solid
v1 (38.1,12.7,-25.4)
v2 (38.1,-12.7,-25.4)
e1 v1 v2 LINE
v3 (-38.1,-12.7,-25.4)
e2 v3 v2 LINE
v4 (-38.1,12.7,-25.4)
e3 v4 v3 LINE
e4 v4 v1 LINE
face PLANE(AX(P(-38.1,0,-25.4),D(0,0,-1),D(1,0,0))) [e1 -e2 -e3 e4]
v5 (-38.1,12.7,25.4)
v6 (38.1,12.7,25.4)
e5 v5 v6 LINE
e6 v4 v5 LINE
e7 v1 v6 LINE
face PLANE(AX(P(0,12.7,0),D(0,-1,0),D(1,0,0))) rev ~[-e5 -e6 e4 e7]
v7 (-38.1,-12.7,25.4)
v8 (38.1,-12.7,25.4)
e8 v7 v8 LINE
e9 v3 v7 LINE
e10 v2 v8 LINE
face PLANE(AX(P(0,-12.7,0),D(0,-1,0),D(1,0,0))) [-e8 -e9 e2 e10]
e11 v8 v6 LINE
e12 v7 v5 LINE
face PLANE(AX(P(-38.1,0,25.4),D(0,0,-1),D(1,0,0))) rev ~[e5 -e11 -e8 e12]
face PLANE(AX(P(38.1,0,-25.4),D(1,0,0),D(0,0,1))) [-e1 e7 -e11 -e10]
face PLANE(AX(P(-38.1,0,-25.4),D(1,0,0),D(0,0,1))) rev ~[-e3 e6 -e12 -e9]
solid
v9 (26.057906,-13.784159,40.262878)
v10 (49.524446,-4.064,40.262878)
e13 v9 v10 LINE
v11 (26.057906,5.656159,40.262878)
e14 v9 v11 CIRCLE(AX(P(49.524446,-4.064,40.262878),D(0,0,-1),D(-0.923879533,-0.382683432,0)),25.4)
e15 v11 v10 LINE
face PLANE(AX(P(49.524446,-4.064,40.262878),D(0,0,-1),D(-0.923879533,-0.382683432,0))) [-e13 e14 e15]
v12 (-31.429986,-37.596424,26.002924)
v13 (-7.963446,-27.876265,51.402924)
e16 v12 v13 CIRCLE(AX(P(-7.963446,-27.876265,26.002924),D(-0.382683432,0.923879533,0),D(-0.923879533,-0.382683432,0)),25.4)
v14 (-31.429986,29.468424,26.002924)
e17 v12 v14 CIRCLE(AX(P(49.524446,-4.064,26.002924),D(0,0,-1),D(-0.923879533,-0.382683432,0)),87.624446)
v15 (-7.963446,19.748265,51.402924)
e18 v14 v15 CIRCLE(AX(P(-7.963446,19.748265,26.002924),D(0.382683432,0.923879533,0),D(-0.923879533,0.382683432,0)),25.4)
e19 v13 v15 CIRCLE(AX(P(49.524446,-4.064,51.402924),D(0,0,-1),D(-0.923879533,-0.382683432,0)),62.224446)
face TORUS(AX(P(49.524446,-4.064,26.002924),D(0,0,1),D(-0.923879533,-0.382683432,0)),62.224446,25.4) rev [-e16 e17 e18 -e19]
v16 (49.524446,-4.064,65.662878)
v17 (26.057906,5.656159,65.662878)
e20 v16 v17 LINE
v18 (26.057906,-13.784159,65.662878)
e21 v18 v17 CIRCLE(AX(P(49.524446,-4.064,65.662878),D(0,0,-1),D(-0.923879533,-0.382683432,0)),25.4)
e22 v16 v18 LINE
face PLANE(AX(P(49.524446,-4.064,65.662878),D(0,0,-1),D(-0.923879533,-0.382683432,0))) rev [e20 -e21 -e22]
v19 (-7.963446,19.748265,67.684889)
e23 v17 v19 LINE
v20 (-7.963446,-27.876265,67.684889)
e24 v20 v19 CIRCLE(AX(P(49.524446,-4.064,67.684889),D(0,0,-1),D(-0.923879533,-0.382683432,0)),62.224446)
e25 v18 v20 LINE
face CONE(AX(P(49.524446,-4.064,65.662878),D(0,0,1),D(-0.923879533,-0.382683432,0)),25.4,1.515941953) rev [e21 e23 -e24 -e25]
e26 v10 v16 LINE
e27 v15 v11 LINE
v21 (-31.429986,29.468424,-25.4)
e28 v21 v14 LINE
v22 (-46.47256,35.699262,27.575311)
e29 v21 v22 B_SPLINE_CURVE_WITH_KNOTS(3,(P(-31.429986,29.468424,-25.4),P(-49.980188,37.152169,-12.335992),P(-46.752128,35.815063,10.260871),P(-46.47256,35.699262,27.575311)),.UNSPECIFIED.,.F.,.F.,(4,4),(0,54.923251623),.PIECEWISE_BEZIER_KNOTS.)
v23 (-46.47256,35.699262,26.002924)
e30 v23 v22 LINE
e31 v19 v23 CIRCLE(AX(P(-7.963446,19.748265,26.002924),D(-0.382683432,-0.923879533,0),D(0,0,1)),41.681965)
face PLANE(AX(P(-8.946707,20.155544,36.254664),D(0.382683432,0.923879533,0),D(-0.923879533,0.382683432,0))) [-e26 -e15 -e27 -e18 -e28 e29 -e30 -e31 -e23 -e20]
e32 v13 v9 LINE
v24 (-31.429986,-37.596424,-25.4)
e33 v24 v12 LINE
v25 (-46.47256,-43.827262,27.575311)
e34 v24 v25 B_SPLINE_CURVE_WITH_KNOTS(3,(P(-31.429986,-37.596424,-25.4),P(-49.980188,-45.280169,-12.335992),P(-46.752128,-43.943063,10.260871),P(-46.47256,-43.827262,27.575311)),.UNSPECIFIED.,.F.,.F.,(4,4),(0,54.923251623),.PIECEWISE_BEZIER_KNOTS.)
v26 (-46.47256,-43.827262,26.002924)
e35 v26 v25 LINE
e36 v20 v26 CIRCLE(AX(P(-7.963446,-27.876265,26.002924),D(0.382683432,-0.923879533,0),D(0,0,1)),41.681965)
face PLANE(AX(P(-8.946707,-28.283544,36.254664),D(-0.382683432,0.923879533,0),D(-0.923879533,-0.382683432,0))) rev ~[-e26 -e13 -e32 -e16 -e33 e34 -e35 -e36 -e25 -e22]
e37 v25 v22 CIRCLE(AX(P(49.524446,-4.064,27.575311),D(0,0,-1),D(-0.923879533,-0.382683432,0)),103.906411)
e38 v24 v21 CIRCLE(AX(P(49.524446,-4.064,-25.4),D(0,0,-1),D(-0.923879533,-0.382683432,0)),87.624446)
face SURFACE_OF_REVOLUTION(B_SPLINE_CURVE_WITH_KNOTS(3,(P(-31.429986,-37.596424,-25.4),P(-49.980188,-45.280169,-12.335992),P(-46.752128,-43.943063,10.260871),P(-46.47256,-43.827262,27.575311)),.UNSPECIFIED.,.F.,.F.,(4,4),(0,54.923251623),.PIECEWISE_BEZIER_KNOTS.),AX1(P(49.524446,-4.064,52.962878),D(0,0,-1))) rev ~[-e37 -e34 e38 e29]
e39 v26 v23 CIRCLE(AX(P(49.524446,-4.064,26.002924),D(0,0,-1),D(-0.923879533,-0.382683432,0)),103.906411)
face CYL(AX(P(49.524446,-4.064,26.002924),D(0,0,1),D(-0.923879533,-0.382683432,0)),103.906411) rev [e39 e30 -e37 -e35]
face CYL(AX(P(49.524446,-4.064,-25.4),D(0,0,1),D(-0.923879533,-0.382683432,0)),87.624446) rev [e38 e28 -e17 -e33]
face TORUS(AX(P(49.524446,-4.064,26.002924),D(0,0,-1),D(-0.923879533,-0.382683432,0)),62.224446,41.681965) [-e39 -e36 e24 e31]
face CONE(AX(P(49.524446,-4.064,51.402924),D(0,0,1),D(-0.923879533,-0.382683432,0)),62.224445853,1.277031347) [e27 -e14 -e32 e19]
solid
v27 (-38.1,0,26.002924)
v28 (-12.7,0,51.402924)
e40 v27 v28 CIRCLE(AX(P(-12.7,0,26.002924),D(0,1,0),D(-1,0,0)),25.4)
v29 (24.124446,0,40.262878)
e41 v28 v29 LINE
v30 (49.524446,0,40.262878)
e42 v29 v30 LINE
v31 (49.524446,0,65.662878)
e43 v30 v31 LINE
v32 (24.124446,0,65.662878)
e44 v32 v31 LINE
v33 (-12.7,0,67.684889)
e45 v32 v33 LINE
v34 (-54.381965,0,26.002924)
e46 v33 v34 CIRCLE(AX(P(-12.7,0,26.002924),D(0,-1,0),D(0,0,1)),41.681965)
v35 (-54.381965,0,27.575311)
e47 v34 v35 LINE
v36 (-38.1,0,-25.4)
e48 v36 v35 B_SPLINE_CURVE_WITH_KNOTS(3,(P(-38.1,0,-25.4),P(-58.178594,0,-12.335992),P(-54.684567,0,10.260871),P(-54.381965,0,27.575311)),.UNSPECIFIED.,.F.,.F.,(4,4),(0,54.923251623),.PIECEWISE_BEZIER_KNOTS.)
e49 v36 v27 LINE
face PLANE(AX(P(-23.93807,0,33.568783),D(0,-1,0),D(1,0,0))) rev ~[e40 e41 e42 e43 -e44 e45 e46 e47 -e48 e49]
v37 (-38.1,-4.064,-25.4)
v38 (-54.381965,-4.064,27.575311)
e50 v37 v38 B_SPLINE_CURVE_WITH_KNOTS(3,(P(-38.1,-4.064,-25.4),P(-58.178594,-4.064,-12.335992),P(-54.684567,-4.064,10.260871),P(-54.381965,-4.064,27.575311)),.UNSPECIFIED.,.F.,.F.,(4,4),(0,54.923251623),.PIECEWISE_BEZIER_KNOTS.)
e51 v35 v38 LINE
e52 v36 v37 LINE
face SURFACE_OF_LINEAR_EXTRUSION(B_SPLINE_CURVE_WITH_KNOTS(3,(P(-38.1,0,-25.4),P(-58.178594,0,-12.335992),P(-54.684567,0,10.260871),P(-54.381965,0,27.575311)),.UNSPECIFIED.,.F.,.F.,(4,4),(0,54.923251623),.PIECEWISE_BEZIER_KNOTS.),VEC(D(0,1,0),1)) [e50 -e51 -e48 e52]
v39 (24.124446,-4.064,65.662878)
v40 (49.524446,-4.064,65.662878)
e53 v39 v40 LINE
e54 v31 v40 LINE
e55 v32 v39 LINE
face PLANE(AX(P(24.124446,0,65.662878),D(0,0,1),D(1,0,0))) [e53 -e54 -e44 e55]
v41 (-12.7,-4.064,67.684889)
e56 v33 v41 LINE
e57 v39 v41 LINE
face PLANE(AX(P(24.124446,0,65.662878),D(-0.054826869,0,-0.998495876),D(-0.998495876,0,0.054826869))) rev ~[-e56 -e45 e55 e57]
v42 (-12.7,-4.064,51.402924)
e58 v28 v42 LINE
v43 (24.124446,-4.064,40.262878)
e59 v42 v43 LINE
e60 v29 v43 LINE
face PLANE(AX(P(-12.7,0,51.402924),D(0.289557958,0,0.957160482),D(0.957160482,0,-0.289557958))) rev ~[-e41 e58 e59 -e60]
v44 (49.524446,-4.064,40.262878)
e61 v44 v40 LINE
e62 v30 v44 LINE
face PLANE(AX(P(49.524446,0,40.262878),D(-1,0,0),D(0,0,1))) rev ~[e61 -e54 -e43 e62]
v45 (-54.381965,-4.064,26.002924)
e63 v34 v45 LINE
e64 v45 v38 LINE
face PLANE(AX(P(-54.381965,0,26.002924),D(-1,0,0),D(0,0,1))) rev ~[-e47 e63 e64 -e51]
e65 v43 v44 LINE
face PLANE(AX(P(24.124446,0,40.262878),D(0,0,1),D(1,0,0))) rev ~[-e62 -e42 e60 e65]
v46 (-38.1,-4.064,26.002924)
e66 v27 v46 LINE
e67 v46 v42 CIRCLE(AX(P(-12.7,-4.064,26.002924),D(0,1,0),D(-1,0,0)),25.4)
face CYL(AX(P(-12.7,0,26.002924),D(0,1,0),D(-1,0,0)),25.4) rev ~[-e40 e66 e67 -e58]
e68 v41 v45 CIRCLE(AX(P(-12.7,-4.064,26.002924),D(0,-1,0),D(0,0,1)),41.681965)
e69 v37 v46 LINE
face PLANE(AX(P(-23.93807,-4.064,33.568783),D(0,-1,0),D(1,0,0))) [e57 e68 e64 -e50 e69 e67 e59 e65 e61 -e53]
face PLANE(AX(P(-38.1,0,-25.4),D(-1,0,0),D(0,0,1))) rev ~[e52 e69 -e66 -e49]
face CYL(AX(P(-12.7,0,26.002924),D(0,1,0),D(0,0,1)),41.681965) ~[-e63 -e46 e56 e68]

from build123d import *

# Parameters (mm, degrees)
F0_W          = 76.2
F0_H          = 50.8
F1_DEPTH      = 12.7
F0_W_2        = 25.4
F0_H_2        = 25.4
F2_DEPTH      = 4.064
F3_ANGLE_BACK = 22.5
F3_ANGLE      = 45


with BuildPart() as f1:
    # F0 (on Front) → F1 (new body, symmetric)
    with BuildSketch(Plane.XZ):
        Rectangle(F0_W, F0_H)
    extrude(amount=F1_DEPTH, both=True)


with BuildPart() as f2:
    # F0 (on Front) → F2 (new body)
    with BuildSketch(Plane.XZ):
        with BuildLine():
            Line((-38.1, -25.4), (-38.1, 25.4))
            Line((-38.1, 25.4), (-38.1, 26.0029239686))
            ThreePointArc((-38.1, 26.0029239686), (-30.6605122421, 43.9634362108), (-12.7, 51.4029239686))
            Line((-12.7, 51.4029239686), (24.1244458531, 40.2628784252))
            Line((24.1244458531, 40.2628784252), (24.1244458531, 65.6628784252))
            Line((24.1244458531, 65.6628784252), (-12.7, 67.6848888397))
            ThreePointArc((-12.7, 67.6848888397), (-42.1736000135, 55.4765239822), (-54.3819648711, 26.0029239686))
            Line((-54.3819648711, 26.0029239686), (-54.3819648711, 27.5753105516))
            add(Edge.make_bspline(
                [(-38.1, -25.4), (-58.1785941942, -12.335992187), (-54.6845670028, 10.260870759), (-54.3819648711, 27.5753105516)],
                knots=[0, 0, 0, 0, 54.9232516232, 54.9232516232, 54.9232516232, 54.9232516232], degree=3))
        make_face()
        with Locations((36.8244458531, 52.9628784252)):
            Rectangle(F0_W_2, F0_H_2)
    extrude(amount=F2_DEPTH)


with BuildPart() as f3:
    # F2_face (on face) → F3 (revolve)
    with BuildSketch(Plane(origin=(-10.8444306264, -4.064, 40.8061049324), x_dir=(1, 0, 0), z_dir=(0, -1, 0)), mode=Mode.PRIVATE) as f3_sk:
        with BuildLine():
            add(Edge.make_bspline(
                [(-27.2555693736, -66.2061049324), (-47.3341635678, -53.1420971194), (-43.8401363764, -30.5452341734), (-43.5375342447, -13.2307943809)],
                knots=[0, 0, 0, 0, 54.9232516232, 54.9232516232, 54.9232516232, 54.9232516232], degree=3))
            Line((-27.2555693736, -66.2061049324), (-27.2555693736, -14.8031809638))
            ThreePointArc((-27.2555693736, -14.8031809638), (-19.8160816158, 3.1573312783), (-1.8555693736, 10.5968190362))
            Line((-1.8555693736, 10.5968190362), (34.9688764795, -0.5432265072))
            Line((34.9688764795, -0.5432265072), (60.3688764795, -0.5432265072))
            Line((60.3688764795, -0.5432265072), (60.3688764795, 24.8567734928))
            Line((60.3688764795, 24.8567734928), (34.9688764795, 24.8567734928))
            Line((34.9688764795, 24.8567734928), (-1.8555693736, 26.8787839073))
            ThreePointArc((-1.8555693736, 26.8787839073), (-31.3291693871, 14.6704190497), (-43.5375342447, -14.8031809638))
            Line((-43.5375342447, -14.8031809638), (-43.5375342447, -13.2307943809))
        make_face()
    revolve(f3_sk.sketch.rotate(Axis((49.5244458531, -4.064, 52.9628784252), (0, 0, -1)), -F3_ANGLE_BACK), axis=Axis((49.5244458531, -4.064, 52.9628784252), (0, 0, -1)), revolution_arc=F3_ANGLE)


solid = Compound([f1.part, f2.part, f3.part])
